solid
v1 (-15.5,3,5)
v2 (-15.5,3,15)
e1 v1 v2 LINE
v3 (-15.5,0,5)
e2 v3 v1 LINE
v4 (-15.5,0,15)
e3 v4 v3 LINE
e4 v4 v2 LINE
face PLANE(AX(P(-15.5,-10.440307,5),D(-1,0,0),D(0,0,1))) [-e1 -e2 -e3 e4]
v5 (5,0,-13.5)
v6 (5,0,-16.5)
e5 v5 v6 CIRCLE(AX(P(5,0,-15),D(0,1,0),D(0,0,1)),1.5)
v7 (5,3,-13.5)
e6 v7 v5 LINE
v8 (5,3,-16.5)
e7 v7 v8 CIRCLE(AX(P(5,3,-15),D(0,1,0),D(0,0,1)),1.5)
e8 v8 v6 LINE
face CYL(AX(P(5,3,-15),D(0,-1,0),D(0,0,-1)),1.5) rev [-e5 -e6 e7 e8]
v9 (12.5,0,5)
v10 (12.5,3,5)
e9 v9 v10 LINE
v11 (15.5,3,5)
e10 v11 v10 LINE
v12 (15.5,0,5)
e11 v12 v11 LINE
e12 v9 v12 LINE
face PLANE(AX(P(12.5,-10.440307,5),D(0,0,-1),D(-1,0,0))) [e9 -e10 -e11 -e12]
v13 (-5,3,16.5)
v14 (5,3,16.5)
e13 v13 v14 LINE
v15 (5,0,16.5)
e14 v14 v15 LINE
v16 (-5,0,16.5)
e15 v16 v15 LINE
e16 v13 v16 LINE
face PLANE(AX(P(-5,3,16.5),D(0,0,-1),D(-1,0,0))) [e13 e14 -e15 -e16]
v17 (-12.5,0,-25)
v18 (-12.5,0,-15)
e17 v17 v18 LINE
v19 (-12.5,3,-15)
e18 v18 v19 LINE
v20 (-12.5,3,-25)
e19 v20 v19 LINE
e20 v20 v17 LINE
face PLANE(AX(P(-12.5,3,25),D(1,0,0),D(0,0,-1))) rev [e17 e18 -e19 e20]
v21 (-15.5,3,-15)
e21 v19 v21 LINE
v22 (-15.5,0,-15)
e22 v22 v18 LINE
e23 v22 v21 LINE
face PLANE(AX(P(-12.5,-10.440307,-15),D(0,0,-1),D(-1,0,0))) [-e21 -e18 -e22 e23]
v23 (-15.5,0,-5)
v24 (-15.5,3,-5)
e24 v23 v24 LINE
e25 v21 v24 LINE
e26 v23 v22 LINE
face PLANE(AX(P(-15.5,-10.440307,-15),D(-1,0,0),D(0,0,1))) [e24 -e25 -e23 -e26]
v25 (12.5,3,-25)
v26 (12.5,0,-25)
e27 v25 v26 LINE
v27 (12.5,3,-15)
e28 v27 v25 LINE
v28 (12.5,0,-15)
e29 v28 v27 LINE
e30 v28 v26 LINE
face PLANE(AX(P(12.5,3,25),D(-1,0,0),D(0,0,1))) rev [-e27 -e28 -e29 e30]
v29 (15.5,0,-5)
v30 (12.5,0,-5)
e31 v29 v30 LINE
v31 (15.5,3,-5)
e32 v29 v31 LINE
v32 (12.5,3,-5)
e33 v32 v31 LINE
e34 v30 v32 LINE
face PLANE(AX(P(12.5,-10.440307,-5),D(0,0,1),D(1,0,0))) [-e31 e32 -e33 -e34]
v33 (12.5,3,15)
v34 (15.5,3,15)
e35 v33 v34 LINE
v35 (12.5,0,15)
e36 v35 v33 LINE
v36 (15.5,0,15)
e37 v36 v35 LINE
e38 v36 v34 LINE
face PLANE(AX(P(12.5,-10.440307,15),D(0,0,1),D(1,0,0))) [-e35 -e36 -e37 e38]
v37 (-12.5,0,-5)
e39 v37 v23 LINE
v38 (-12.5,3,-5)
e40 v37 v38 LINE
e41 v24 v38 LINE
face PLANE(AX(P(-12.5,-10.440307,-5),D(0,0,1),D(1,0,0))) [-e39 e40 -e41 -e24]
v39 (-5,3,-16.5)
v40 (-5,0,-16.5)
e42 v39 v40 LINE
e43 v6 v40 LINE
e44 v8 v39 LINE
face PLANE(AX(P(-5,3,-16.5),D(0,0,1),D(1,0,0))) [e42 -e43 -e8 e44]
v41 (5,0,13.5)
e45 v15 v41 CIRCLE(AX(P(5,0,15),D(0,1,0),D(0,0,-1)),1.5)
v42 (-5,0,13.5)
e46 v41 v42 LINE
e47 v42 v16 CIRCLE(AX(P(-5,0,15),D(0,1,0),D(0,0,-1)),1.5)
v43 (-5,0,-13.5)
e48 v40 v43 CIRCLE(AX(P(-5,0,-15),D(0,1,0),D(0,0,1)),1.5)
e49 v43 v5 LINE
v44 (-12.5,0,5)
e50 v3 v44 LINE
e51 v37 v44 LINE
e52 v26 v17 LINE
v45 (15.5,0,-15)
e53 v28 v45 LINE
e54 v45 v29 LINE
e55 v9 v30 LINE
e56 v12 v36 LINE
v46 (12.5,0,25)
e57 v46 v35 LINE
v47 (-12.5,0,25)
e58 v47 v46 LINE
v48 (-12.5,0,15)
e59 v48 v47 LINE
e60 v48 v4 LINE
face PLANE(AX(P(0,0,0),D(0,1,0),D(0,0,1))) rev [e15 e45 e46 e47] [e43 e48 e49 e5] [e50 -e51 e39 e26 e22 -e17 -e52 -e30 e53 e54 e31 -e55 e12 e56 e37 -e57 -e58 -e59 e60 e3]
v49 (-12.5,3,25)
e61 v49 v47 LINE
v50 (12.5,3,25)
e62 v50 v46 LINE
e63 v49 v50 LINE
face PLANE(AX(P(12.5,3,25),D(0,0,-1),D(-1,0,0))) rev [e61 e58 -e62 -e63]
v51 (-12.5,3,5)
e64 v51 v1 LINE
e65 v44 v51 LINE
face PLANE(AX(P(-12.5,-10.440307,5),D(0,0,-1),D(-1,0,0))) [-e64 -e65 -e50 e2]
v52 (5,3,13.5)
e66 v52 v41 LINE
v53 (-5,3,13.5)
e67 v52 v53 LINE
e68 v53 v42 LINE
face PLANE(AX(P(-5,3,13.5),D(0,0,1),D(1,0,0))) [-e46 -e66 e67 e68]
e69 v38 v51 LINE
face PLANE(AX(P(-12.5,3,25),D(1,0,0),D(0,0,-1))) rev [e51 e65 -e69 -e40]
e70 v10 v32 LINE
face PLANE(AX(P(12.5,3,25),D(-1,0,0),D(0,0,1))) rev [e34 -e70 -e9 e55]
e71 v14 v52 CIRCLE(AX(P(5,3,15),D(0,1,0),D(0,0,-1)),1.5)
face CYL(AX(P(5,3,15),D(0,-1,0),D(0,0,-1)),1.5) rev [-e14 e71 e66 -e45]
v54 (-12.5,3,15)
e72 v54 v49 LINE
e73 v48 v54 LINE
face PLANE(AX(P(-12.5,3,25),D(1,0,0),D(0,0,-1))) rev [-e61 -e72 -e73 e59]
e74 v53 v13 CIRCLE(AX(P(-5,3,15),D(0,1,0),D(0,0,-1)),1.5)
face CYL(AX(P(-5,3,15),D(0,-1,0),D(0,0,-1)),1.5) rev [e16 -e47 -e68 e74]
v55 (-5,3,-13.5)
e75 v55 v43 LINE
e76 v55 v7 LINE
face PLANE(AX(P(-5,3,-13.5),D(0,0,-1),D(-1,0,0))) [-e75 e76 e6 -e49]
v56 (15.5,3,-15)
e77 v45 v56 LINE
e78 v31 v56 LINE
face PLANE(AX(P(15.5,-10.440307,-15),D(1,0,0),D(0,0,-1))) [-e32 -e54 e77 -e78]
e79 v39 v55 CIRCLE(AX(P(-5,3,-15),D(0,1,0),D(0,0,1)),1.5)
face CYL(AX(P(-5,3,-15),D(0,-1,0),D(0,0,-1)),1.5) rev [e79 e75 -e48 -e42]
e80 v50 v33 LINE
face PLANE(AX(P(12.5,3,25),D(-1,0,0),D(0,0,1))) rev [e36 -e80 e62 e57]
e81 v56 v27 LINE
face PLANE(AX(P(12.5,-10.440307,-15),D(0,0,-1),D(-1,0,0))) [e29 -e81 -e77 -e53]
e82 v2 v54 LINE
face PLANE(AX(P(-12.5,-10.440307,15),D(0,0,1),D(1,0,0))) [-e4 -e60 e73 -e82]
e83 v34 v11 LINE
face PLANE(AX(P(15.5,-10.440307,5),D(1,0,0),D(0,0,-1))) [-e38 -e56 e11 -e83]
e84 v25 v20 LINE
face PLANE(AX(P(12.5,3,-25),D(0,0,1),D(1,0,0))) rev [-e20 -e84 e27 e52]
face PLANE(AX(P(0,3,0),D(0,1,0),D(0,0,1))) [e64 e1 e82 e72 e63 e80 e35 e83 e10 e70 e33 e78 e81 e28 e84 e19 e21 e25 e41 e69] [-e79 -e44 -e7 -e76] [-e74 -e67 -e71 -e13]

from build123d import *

# Parameters (mm, degrees)
SKETCH1_W           = 25
SKETCH1_H           = 50
BOSS_EXTRUDE1_DEPTH = 3
SKETCH2_W           = 3
SKETCH2_H           = 10
BOSS_EXTRUDE2_DEPTH = 3


with BuildPart() as part:
    # Sketch1 → Boss-Extrude1 (new body)
    with BuildSketch(Plane(origin=(0, 0, 0), x_dir=(1, 0, 0), z_dir=(0, 1, 0))):
        Rectangle(SKETCH1_W, SKETCH1_H)
        with BuildLine():
            Line((-5, 16.5), (5, 16.5))
            ThreePointArc((5, 16.5), (6.5, 15), (5, 13.5))
            Line((5, 13.5), (-5, 13.5))
            ThreePointArc((-5, 13.5), (-6.5, 15), (-5, 16.5))
        make_face(mode=Mode.SUBTRACT)
        with BuildLine():
            Line((-5, -16.5), (5, -16.5))
            ThreePointArc((5, -16.5), (6.5, -15), (5, -13.5))
            Line((5, -13.5), (-5, -13.5))
            ThreePointArc((-5, -13.5), (-6.5, -15), (-5, -16.5))
        make_face(mode=Mode.SUBTRACT)
    extrude(amount=BOSS_EXTRUDE1_DEPTH)

    # Sketch2 → Boss-Extrude2 (add)
    with BuildSketch(Plane(origin=(0, 3, 0), x_dir=(1, 0, 0), z_dir=(0, 1, 0))):
        with Locations((14, 10)):
            Rectangle(SKETCH2_W, SKETCH2_H)
        with Locations((14, -10)):
            Rectangle(SKETCH2_W, SKETCH2_H)
        with Locations((-14, -10)):
            Rectangle(SKETCH2_W, SKETCH2_H)
        with Locations((-14, 10)):
            Rectangle(SKETCH2_W, SKETCH2_H)
    extrude(amount=-BOSS_EXTRUDE2_DEPTH)


solid = part.part
